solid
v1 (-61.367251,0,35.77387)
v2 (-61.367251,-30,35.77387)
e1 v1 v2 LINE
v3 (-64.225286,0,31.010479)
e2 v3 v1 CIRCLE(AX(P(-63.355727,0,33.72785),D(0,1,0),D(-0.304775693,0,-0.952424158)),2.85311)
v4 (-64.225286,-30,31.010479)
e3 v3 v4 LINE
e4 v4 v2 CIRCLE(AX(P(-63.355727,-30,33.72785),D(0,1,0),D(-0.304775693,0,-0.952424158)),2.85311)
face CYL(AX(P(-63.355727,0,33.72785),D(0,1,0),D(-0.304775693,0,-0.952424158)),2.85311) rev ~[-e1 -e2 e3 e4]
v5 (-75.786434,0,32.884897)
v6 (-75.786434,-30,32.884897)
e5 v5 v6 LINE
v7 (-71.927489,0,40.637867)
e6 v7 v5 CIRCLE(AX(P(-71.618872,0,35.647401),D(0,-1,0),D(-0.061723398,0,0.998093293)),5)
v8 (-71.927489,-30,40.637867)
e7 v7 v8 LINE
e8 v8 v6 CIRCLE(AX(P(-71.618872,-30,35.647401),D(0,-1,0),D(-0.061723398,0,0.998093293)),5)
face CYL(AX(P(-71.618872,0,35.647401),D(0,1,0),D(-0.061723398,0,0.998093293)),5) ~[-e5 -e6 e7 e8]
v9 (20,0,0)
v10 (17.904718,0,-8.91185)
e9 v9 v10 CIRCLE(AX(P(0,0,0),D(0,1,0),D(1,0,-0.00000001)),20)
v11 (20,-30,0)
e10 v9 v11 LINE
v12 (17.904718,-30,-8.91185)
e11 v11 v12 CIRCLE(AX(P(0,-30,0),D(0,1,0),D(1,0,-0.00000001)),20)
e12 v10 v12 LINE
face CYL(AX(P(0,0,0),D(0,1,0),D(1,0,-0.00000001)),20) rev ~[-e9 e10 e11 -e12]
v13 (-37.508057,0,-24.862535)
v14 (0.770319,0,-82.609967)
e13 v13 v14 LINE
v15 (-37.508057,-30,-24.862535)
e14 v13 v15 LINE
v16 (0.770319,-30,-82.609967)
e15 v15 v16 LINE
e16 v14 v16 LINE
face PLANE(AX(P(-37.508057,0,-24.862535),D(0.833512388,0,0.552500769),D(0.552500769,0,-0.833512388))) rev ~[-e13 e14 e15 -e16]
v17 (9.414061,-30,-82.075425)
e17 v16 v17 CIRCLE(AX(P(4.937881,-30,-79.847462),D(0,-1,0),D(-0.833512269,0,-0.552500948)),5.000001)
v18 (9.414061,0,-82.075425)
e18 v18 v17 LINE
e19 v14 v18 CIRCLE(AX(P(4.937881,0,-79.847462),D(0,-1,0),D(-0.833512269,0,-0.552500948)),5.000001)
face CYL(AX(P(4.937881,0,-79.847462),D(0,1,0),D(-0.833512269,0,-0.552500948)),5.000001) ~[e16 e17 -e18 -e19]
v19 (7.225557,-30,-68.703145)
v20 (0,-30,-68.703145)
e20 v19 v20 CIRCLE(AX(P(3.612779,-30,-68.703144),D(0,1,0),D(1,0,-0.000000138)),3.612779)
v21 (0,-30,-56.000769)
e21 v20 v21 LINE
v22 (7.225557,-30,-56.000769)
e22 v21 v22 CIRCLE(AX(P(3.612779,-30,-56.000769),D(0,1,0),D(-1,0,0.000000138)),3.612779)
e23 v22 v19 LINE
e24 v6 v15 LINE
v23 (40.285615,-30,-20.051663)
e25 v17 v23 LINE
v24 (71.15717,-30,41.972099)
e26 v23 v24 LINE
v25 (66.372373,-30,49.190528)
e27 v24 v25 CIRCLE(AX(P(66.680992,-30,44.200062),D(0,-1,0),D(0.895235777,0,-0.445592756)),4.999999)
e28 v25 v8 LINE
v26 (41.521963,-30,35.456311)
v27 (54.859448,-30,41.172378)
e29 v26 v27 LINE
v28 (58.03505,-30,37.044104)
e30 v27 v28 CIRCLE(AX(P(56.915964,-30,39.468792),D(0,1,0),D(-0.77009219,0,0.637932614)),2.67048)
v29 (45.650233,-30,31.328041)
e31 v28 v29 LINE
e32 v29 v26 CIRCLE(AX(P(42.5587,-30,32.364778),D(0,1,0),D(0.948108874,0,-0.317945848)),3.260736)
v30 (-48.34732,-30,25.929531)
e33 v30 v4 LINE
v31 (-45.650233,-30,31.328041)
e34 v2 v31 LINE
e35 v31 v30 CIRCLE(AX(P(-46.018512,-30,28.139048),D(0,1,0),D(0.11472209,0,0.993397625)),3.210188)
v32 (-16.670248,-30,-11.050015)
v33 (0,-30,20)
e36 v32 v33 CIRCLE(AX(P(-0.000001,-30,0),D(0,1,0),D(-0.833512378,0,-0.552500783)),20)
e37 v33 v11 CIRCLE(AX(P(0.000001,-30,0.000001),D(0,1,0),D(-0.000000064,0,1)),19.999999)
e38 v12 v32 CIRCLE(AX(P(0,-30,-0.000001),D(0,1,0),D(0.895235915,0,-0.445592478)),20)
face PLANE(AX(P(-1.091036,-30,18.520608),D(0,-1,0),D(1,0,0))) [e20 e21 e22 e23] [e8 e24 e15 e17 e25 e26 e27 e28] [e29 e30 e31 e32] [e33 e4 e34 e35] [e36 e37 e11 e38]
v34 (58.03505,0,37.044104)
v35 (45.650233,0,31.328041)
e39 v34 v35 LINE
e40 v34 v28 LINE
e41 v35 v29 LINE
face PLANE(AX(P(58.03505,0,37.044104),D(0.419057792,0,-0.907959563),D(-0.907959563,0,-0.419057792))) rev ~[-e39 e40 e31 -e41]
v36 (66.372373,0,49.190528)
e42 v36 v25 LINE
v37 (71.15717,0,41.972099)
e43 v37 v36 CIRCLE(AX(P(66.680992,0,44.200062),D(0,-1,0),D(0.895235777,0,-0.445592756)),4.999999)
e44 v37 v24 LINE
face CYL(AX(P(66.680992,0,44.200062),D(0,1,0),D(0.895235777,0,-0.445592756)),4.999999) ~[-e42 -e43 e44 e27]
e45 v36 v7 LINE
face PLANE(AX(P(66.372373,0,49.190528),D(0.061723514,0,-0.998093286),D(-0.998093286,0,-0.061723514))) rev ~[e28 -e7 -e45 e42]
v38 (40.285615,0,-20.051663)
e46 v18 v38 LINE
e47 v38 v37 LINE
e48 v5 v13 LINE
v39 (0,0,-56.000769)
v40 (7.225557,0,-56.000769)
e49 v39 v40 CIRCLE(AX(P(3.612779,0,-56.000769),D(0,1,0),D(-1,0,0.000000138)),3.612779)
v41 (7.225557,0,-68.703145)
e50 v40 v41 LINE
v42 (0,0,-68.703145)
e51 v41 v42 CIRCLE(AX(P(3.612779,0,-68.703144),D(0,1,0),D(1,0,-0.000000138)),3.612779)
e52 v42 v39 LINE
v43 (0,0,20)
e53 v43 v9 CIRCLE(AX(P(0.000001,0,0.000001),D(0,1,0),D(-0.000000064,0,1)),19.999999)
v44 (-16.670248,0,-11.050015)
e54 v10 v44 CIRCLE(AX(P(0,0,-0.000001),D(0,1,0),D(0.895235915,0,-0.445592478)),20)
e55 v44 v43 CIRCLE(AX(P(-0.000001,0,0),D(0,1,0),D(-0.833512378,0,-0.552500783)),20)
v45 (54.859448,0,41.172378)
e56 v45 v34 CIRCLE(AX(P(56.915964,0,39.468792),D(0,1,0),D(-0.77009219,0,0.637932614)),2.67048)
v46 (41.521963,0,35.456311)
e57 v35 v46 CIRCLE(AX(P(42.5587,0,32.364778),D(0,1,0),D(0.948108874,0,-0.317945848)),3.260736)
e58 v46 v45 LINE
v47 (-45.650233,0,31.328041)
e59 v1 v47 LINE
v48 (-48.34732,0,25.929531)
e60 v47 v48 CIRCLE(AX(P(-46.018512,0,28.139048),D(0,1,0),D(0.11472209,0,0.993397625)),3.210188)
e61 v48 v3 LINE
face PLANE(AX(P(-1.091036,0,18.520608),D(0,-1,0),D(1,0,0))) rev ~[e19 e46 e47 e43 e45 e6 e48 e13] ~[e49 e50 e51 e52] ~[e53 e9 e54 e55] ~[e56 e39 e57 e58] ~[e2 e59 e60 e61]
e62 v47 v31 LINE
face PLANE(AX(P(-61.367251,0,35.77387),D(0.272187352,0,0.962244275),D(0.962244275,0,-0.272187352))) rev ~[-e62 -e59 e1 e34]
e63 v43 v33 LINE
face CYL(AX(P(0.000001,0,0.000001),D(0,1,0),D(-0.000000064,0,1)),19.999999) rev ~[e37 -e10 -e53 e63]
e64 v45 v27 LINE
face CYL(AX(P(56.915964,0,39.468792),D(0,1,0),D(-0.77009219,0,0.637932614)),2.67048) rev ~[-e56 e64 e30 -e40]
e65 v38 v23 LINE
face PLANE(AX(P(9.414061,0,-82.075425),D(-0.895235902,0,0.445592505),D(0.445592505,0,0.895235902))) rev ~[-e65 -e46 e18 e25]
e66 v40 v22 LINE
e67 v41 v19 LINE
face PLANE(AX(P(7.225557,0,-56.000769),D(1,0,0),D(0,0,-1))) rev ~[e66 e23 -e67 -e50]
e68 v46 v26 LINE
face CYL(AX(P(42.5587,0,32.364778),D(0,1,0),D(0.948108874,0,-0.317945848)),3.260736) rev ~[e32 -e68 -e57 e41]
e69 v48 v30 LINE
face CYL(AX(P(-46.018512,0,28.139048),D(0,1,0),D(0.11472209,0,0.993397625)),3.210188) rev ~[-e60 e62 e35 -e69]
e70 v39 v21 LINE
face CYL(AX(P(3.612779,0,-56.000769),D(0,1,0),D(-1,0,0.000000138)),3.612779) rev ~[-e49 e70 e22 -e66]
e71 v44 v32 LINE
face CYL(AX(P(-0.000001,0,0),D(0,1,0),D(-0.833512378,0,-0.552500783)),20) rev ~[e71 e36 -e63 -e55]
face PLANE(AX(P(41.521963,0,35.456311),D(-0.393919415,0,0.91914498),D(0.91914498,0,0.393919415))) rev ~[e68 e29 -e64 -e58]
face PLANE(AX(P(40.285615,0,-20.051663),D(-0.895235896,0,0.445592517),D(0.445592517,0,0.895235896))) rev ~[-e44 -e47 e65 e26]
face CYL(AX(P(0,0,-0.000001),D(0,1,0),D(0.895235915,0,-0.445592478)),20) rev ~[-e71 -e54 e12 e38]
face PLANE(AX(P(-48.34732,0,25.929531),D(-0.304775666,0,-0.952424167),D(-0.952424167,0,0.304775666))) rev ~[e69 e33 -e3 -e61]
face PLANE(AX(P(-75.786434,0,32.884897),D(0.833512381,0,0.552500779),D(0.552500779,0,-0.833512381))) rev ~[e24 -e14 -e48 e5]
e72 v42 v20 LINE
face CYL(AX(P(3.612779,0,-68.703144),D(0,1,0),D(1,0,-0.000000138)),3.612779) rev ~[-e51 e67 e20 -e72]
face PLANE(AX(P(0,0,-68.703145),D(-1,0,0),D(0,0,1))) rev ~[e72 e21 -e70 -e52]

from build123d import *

# Parameters (mm, degrees)
F1_DEPTH = 30


with BuildPart() as f1:
    # F0 (on Front) → F1 (new body)
    with BuildSketch(Plane.XZ):
        with BuildLine():
            ThreePointArc((0, 20), (14.142136, 14.142136), (20, 0))
            ThreePointArc((20, 0), (19.469134, -4.577425), (17.904718, -8.91185))
            Line((17.904718, -8.91185), (40.285615, -20.051663))
            Line((40.285615, -20.051663), (71.15717, 41.972099))
            ThreePointArc((71.15717, 41.972099), (70.848553, 46.962566), (66.372373, 49.190528))
            Line((66.372373, 49.190528), (-71.927489, 40.637867))
            ThreePointArc((-71.927489, 40.637867), (-76.095051, 37.875364), (-75.786434, 32.884897))
            Line((-75.786434, 32.884897), (-37.508057, -24.862535))
            Line((-37.508057, -24.862535), (-16.670248, -11.050015))
            ThreePointArc((-16.670248, -11.050015), (-17.621015, 9.460436), (0, 20))
        make_face()
        with BuildLine():
            ThreePointArc((-64.225286, 31.010479), (-65.802249, 35.195763), (-61.367251, 35.77387))
            Line((-61.367251, 35.77387), (-45.650233, 31.328041))
            ThreePointArc((-45.650233, 31.328041), (-43.146772, 26.70433), (-48.34732, 25.929531))
            Line((-48.34732, 25.929531), (-64.225286, 31.010479))
        make_face(mode=Mode.SUBTRACT)
        with BuildLine():
            ThreePointArc((45.650233, 31.328041), (40.253012, 30.05909), (41.521963, 35.456311))
            Line((41.521963, 35.456311), (54.859448, 41.172378))
            ThreePointArc((54.859448, 41.172378), (59.032649, 41.097014), (58.03505, 37.044104))
            Line((58.03505, 37.044104), (45.650233, 31.328041))
        make_face(mode=Mode.SUBTRACT)
        with BuildLine():
            Line((40.285615, -20.051663), (17.904718, -8.91185))
            ThreePointArc((17.904718, -8.91185), (1.23447, -19.961866), (-16.670248, -11.050015))
            Line((-16.670248, -11.050015), (-37.508057, -24.862535))
            Line((-37.508057, -24.862535), (0.770319, -82.609967))
            ThreePointArc((0.770319, -82.609967), (5.246499, -84.837929), (9.414061, -82.075425))
            Line((9.414061, -82.075425), (40.285615, -20.051663))
        make_face()
        with BuildLine():
            ThreePointArc((0, -56.000769), (3.612779, -52.387991), (7.225557, -56.000769))
            Line((7.225557, -56.000769), (7.225557, -68.703145))
            ThreePointArc((7.225557, -68.703145), (3.612779, -72.315923), (0, -68.703145))
            Line((0, -68.703145), (0, -56.000769))
        make_face(mode=Mode.SUBTRACT)
    extrude(amount=F1_DEPTH)


solid = f1.part
